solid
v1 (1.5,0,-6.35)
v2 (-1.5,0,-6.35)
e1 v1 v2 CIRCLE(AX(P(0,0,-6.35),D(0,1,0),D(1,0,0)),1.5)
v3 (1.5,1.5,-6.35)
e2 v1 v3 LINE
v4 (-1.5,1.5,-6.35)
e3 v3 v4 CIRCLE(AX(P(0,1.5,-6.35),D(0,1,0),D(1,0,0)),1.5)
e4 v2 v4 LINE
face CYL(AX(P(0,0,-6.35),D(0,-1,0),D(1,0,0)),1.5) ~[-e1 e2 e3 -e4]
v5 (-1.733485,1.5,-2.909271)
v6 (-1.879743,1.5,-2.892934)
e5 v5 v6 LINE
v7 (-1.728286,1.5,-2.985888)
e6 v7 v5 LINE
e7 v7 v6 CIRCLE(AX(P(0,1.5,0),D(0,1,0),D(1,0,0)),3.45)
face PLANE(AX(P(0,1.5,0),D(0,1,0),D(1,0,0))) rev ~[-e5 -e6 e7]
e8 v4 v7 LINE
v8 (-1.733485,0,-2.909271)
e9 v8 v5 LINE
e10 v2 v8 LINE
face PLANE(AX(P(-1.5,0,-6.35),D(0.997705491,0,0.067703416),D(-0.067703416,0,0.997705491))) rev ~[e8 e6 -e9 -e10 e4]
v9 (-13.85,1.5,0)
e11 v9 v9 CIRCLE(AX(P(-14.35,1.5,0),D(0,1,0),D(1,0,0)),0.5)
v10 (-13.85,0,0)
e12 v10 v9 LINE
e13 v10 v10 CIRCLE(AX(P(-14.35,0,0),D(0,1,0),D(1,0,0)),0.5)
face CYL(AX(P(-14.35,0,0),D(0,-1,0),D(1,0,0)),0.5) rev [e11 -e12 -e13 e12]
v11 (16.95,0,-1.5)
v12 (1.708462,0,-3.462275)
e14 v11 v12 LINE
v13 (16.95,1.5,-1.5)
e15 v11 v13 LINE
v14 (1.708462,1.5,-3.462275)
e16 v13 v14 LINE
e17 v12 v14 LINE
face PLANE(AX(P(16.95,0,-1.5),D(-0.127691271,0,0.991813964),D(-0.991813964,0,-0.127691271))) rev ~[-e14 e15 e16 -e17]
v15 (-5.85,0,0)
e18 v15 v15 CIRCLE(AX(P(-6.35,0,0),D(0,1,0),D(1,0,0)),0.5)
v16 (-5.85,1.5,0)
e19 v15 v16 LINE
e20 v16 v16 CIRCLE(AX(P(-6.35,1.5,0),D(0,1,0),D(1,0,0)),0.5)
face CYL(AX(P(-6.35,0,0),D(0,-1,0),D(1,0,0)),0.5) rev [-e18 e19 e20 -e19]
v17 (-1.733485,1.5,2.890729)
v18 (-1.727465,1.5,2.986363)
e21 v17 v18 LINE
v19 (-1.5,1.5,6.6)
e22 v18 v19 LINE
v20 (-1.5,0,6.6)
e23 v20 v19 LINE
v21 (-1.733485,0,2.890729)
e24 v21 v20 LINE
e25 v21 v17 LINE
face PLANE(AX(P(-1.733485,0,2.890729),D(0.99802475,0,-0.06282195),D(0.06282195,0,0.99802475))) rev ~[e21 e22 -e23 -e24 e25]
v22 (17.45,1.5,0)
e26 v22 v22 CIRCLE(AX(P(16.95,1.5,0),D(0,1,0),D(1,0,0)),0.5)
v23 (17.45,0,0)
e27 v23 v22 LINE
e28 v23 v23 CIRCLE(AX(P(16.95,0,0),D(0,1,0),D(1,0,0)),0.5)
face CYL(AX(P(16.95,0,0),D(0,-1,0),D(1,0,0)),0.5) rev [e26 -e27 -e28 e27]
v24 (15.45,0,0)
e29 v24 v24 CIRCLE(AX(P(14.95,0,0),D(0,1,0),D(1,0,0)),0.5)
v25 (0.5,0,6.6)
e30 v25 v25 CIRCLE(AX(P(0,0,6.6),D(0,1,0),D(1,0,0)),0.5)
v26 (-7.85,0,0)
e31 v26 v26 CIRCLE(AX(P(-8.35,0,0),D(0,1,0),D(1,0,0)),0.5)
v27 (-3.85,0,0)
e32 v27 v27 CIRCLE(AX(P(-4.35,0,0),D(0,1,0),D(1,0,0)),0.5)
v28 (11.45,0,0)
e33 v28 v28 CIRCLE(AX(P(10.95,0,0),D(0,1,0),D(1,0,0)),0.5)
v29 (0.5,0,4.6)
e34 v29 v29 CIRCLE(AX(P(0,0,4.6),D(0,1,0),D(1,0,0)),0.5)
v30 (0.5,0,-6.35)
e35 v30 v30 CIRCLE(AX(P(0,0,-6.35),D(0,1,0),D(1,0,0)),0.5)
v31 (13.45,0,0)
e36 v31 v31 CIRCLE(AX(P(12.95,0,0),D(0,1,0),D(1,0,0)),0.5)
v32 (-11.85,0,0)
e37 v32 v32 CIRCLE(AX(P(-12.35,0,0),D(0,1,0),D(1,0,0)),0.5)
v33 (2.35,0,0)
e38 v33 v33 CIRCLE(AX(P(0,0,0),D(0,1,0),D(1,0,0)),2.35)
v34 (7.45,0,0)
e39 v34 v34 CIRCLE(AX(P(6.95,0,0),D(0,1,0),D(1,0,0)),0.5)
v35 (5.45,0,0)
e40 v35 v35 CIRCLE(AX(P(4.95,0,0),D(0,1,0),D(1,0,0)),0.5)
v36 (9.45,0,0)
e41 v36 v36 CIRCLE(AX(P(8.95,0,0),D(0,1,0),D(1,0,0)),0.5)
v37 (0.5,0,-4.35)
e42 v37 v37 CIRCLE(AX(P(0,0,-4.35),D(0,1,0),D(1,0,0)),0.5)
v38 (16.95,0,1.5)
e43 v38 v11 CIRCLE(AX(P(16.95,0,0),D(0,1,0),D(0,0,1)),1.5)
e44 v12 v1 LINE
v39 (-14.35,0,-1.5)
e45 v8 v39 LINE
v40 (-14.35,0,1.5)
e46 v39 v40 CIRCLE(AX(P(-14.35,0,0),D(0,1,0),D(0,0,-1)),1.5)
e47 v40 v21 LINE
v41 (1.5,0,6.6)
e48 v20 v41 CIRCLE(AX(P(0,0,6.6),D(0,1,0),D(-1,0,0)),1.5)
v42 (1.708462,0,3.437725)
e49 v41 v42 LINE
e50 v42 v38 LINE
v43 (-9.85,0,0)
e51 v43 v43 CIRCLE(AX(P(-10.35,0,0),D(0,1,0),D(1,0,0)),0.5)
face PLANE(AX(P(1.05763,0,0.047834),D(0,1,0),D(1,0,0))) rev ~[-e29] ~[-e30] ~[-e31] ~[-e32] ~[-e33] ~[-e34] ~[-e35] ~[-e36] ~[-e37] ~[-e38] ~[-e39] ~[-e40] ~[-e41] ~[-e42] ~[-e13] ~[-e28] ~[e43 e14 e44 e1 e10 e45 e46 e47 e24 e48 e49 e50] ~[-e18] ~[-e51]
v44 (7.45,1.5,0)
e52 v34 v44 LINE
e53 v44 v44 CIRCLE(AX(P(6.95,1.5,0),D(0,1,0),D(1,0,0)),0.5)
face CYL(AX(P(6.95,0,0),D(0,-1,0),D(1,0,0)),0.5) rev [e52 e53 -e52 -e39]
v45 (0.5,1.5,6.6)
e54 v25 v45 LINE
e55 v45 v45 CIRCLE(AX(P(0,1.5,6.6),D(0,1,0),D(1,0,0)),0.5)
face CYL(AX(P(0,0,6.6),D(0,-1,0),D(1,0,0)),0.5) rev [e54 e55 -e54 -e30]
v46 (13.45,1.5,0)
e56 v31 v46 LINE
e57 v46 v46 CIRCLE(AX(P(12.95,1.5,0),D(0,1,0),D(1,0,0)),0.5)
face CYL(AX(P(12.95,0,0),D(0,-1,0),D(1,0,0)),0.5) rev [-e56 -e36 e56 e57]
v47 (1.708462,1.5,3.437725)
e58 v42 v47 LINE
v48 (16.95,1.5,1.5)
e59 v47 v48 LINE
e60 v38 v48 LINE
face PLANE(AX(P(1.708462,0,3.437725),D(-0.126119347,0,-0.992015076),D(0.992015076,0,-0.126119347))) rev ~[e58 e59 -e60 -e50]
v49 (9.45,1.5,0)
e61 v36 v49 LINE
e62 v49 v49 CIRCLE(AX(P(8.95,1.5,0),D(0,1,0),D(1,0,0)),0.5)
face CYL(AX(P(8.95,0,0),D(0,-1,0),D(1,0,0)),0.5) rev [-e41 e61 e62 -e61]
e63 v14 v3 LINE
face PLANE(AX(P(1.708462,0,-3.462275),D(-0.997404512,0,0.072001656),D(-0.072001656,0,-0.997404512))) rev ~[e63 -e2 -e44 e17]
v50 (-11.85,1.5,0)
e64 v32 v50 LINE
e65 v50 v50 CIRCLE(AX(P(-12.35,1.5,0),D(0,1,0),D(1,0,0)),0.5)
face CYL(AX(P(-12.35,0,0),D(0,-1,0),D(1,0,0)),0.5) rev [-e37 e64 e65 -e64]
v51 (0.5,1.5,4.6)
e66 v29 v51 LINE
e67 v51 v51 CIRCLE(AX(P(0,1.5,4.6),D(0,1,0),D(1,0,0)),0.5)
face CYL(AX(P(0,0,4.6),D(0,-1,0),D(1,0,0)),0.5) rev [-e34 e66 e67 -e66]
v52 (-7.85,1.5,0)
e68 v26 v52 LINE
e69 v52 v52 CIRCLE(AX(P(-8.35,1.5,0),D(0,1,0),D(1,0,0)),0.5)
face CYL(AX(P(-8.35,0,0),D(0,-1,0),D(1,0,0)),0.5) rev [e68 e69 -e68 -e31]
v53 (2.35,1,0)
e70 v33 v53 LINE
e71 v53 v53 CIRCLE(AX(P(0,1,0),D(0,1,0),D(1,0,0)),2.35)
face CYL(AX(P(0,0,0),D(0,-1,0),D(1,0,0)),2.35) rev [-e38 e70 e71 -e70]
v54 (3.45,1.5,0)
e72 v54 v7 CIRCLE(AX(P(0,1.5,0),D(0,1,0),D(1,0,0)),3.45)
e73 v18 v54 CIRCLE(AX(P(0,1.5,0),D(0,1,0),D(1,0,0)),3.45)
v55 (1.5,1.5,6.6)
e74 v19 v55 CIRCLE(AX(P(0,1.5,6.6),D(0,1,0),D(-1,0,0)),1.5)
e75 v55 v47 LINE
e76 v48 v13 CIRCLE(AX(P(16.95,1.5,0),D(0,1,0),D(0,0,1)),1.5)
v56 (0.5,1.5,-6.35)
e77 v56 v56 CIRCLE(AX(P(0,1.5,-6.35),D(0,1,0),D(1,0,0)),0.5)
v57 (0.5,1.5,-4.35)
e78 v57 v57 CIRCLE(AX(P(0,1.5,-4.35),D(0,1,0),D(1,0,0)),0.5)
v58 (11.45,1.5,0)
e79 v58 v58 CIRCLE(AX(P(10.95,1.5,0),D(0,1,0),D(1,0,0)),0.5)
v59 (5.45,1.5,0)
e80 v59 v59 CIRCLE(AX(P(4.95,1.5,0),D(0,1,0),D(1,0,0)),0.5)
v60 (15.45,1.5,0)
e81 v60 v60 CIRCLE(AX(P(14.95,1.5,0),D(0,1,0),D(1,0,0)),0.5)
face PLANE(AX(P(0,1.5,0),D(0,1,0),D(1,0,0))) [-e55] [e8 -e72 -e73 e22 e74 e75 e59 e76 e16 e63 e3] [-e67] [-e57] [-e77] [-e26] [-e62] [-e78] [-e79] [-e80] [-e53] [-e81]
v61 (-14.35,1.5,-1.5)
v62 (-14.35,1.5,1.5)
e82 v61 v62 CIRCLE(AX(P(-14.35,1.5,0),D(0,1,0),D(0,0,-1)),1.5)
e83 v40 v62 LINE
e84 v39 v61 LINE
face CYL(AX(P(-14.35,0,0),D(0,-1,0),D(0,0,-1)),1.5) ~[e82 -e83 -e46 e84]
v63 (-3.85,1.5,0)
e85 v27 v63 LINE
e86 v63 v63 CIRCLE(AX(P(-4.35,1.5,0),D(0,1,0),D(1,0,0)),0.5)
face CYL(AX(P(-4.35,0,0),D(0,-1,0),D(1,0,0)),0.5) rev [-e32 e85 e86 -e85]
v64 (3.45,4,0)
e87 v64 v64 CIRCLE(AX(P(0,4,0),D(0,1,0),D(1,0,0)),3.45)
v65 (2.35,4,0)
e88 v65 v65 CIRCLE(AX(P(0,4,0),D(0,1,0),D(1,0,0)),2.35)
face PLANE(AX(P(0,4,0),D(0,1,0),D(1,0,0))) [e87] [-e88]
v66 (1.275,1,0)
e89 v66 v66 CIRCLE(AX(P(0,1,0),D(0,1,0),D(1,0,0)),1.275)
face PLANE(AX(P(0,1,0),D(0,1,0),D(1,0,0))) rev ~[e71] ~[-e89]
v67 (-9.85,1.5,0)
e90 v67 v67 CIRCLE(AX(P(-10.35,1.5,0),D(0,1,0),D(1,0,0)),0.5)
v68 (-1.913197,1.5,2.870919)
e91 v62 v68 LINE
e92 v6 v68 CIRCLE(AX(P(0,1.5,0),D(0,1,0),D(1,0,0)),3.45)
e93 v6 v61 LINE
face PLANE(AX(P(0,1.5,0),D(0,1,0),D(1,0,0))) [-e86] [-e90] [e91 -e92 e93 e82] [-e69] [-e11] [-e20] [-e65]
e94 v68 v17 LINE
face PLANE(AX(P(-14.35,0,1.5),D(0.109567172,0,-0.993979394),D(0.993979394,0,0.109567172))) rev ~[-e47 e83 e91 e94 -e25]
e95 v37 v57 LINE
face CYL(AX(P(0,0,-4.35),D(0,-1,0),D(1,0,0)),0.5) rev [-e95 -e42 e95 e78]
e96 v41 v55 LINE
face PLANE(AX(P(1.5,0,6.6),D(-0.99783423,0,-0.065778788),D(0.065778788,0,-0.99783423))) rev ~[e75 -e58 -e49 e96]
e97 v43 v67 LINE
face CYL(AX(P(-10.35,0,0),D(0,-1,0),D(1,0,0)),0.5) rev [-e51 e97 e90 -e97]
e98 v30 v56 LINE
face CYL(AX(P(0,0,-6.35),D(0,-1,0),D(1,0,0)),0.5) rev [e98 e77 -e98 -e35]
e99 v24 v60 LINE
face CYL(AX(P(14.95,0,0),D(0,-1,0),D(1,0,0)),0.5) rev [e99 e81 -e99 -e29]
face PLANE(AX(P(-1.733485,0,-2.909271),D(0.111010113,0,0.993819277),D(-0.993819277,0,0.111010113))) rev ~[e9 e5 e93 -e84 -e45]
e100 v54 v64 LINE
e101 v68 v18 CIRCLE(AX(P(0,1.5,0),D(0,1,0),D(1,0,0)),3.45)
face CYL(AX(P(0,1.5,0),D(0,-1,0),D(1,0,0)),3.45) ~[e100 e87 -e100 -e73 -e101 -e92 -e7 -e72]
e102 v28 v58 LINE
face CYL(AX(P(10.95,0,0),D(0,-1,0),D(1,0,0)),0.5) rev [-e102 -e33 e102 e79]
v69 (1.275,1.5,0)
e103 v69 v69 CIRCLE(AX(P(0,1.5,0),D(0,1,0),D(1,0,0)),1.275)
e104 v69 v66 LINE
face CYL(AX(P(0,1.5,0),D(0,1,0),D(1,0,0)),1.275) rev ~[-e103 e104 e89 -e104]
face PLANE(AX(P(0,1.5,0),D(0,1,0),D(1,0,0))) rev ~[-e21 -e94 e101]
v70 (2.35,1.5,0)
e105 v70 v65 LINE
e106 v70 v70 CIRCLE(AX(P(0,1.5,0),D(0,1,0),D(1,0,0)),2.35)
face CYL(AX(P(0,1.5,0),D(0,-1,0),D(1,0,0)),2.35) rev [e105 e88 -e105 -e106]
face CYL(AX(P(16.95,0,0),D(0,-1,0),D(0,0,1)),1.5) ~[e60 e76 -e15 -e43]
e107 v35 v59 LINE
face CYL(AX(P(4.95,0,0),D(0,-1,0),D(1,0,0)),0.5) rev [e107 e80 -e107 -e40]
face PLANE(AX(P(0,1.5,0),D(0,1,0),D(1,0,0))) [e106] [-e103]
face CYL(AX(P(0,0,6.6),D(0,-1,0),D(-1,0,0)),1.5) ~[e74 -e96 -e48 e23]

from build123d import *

# Parameters (mm, degrees)
SKETCH1_R           = 0.5
SKETCH1_R_2         = 2.35
BOSS_EXTRUDE1_DEPTH = 1.5
BOSS_EXTRUDE2_START = -0.5
SKETCH6_R           = 2.35
SKETCH6_R_2         = 1.275
BOSS_EXTRUDE2_DEPTH = 0.5
SKETCH6_3_R         = 3.45
SKETCH6_3_R_2       = 2.35
BOSS_EXTRUDE3_DEPTH = 2.5


with BuildPart() as part:
    # Sketch1 → Boss-Extrude1 (new body)
    with BuildSketch(Plane(origin=(0, 0, 0), x_dir=(1, 0, 0), z_dir=(0, 1, 0))):
        with BuildLine():
            ThreePointArc((16.95, -1.5), (18.45, 0), (16.95, 1.5))
            Line((16.95, 1.5), (1.708462071, 3.462274604))
            Line((1.708462071, 3.462274604), (1.5, 6.35))
            ThreePointArc((1.5, 6.35), (0, 7.85), (-1.5, 6.35))
            Line((-1.5, 6.35), (-1.733484834, 2.909271084))
            Line((-1.733484834, 2.909271084), (-14.35, 1.5))
            ThreePointArc((-14.35, 1.5), (-15.85, 0), (-14.35, -1.5))
            Line((-14.35, -1.5), (-1.733484834, -2.890728916))
            Line((-1.733484834, -2.890728916), (-1.5, -6.6))
            ThreePointArc((-1.5, -6.6), (0, -8.1), (1.5, -6.6))
            Line((1.5, -6.6), (1.708462071, -3.437725396))
            Line((1.708462071, -3.437725396), (16.95, -1.5))
        make_face()
        with Locations((0, -6.6)):
            Circle(SKETCH1_R, mode=Mode.SUBTRACT)
        with Locations((0, -4.6)):
            Circle(SKETCH1_R, mode=Mode.SUBTRACT)
        with Locations((-14.35, 0)):
            Circle(SKETCH1_R, mode=Mode.SUBTRACT)
        with Locations((-12.35, 0)):
            Circle(SKETCH1_R, mode=Mode.SUBTRACT)
        with Locations((-10.35, 0)):
            Circle(SKETCH1_R, mode=Mode.SUBTRACT)
        with Locations((-8.35, 0)):
            Circle(SKETCH1_R, mode=Mode.SUBTRACT)
        with Locations((-6.35, 0)):
            Circle(SKETCH1_R, mode=Mode.SUBTRACT)
        with Locations((-4.35, 0)):
            Circle(SKETCH1_R, mode=Mode.SUBTRACT)
        Circle(SKETCH1_R_2, mode=Mode.SUBTRACT)
        with Locations((0, 4.35)):
            Circle(SKETCH1_R, mode=Mode.SUBTRACT)
        with Locations((0, 6.35)):
            Circle(SKETCH1_R, mode=Mode.SUBTRACT)
        with Locations((4.95, 0)):
            Circle(SKETCH1_R, mode=Mode.SUBTRACT)
        with Locations((6.95, 0)):
            Circle(SKETCH1_R, mode=Mode.SUBTRACT)
        with Locations((8.95, 0)):
            Circle(SKETCH1_R, mode=Mode.SUBTRACT)
        with Locations((10.95, 0)):
            Circle(SKETCH1_R, mode=Mode.SUBTRACT)
        with Locations((12.95, 0)):
            Circle(SKETCH1_R, mode=Mode.SUBTRACT)
        with Locations((14.95, 0)):
            Circle(SKETCH1_R, mode=Mode.SUBTRACT)
        with Locations((16.95, 0)):
            Circle(SKETCH1_R, mode=Mode.SUBTRACT)
    extrude(amount=BOSS_EXTRUDE1_DEPTH)

    # Sketch6 → Boss-Extrude2 (add)
    with BuildSketch(Plane(origin=(0, 1.5, 0), x_dir=(1, 0, 0), z_dir=(0, 1, 0)).offset(BOSS_EXTRUDE2_START)):
        Circle(SKETCH6_R)
        Circle(SKETCH6_R_2, mode=Mode.SUBTRACT)
    extrude(amount=BOSS_EXTRUDE2_DEPTH)

    # Sketch6<3> → Boss-Extrude3 (add)
    with BuildSketch(Plane(origin=(0, 1.5, 0), x_dir=(1, 0, 0), z_dir=(0, 1, 0))):
        Circle(SKETCH6_3_R)
        Circle(SKETCH6_3_R_2, mode=Mode.SUBTRACT)
    extrude(amount=BOSS_EXTRUDE3_DEPTH)


solid = part.part
